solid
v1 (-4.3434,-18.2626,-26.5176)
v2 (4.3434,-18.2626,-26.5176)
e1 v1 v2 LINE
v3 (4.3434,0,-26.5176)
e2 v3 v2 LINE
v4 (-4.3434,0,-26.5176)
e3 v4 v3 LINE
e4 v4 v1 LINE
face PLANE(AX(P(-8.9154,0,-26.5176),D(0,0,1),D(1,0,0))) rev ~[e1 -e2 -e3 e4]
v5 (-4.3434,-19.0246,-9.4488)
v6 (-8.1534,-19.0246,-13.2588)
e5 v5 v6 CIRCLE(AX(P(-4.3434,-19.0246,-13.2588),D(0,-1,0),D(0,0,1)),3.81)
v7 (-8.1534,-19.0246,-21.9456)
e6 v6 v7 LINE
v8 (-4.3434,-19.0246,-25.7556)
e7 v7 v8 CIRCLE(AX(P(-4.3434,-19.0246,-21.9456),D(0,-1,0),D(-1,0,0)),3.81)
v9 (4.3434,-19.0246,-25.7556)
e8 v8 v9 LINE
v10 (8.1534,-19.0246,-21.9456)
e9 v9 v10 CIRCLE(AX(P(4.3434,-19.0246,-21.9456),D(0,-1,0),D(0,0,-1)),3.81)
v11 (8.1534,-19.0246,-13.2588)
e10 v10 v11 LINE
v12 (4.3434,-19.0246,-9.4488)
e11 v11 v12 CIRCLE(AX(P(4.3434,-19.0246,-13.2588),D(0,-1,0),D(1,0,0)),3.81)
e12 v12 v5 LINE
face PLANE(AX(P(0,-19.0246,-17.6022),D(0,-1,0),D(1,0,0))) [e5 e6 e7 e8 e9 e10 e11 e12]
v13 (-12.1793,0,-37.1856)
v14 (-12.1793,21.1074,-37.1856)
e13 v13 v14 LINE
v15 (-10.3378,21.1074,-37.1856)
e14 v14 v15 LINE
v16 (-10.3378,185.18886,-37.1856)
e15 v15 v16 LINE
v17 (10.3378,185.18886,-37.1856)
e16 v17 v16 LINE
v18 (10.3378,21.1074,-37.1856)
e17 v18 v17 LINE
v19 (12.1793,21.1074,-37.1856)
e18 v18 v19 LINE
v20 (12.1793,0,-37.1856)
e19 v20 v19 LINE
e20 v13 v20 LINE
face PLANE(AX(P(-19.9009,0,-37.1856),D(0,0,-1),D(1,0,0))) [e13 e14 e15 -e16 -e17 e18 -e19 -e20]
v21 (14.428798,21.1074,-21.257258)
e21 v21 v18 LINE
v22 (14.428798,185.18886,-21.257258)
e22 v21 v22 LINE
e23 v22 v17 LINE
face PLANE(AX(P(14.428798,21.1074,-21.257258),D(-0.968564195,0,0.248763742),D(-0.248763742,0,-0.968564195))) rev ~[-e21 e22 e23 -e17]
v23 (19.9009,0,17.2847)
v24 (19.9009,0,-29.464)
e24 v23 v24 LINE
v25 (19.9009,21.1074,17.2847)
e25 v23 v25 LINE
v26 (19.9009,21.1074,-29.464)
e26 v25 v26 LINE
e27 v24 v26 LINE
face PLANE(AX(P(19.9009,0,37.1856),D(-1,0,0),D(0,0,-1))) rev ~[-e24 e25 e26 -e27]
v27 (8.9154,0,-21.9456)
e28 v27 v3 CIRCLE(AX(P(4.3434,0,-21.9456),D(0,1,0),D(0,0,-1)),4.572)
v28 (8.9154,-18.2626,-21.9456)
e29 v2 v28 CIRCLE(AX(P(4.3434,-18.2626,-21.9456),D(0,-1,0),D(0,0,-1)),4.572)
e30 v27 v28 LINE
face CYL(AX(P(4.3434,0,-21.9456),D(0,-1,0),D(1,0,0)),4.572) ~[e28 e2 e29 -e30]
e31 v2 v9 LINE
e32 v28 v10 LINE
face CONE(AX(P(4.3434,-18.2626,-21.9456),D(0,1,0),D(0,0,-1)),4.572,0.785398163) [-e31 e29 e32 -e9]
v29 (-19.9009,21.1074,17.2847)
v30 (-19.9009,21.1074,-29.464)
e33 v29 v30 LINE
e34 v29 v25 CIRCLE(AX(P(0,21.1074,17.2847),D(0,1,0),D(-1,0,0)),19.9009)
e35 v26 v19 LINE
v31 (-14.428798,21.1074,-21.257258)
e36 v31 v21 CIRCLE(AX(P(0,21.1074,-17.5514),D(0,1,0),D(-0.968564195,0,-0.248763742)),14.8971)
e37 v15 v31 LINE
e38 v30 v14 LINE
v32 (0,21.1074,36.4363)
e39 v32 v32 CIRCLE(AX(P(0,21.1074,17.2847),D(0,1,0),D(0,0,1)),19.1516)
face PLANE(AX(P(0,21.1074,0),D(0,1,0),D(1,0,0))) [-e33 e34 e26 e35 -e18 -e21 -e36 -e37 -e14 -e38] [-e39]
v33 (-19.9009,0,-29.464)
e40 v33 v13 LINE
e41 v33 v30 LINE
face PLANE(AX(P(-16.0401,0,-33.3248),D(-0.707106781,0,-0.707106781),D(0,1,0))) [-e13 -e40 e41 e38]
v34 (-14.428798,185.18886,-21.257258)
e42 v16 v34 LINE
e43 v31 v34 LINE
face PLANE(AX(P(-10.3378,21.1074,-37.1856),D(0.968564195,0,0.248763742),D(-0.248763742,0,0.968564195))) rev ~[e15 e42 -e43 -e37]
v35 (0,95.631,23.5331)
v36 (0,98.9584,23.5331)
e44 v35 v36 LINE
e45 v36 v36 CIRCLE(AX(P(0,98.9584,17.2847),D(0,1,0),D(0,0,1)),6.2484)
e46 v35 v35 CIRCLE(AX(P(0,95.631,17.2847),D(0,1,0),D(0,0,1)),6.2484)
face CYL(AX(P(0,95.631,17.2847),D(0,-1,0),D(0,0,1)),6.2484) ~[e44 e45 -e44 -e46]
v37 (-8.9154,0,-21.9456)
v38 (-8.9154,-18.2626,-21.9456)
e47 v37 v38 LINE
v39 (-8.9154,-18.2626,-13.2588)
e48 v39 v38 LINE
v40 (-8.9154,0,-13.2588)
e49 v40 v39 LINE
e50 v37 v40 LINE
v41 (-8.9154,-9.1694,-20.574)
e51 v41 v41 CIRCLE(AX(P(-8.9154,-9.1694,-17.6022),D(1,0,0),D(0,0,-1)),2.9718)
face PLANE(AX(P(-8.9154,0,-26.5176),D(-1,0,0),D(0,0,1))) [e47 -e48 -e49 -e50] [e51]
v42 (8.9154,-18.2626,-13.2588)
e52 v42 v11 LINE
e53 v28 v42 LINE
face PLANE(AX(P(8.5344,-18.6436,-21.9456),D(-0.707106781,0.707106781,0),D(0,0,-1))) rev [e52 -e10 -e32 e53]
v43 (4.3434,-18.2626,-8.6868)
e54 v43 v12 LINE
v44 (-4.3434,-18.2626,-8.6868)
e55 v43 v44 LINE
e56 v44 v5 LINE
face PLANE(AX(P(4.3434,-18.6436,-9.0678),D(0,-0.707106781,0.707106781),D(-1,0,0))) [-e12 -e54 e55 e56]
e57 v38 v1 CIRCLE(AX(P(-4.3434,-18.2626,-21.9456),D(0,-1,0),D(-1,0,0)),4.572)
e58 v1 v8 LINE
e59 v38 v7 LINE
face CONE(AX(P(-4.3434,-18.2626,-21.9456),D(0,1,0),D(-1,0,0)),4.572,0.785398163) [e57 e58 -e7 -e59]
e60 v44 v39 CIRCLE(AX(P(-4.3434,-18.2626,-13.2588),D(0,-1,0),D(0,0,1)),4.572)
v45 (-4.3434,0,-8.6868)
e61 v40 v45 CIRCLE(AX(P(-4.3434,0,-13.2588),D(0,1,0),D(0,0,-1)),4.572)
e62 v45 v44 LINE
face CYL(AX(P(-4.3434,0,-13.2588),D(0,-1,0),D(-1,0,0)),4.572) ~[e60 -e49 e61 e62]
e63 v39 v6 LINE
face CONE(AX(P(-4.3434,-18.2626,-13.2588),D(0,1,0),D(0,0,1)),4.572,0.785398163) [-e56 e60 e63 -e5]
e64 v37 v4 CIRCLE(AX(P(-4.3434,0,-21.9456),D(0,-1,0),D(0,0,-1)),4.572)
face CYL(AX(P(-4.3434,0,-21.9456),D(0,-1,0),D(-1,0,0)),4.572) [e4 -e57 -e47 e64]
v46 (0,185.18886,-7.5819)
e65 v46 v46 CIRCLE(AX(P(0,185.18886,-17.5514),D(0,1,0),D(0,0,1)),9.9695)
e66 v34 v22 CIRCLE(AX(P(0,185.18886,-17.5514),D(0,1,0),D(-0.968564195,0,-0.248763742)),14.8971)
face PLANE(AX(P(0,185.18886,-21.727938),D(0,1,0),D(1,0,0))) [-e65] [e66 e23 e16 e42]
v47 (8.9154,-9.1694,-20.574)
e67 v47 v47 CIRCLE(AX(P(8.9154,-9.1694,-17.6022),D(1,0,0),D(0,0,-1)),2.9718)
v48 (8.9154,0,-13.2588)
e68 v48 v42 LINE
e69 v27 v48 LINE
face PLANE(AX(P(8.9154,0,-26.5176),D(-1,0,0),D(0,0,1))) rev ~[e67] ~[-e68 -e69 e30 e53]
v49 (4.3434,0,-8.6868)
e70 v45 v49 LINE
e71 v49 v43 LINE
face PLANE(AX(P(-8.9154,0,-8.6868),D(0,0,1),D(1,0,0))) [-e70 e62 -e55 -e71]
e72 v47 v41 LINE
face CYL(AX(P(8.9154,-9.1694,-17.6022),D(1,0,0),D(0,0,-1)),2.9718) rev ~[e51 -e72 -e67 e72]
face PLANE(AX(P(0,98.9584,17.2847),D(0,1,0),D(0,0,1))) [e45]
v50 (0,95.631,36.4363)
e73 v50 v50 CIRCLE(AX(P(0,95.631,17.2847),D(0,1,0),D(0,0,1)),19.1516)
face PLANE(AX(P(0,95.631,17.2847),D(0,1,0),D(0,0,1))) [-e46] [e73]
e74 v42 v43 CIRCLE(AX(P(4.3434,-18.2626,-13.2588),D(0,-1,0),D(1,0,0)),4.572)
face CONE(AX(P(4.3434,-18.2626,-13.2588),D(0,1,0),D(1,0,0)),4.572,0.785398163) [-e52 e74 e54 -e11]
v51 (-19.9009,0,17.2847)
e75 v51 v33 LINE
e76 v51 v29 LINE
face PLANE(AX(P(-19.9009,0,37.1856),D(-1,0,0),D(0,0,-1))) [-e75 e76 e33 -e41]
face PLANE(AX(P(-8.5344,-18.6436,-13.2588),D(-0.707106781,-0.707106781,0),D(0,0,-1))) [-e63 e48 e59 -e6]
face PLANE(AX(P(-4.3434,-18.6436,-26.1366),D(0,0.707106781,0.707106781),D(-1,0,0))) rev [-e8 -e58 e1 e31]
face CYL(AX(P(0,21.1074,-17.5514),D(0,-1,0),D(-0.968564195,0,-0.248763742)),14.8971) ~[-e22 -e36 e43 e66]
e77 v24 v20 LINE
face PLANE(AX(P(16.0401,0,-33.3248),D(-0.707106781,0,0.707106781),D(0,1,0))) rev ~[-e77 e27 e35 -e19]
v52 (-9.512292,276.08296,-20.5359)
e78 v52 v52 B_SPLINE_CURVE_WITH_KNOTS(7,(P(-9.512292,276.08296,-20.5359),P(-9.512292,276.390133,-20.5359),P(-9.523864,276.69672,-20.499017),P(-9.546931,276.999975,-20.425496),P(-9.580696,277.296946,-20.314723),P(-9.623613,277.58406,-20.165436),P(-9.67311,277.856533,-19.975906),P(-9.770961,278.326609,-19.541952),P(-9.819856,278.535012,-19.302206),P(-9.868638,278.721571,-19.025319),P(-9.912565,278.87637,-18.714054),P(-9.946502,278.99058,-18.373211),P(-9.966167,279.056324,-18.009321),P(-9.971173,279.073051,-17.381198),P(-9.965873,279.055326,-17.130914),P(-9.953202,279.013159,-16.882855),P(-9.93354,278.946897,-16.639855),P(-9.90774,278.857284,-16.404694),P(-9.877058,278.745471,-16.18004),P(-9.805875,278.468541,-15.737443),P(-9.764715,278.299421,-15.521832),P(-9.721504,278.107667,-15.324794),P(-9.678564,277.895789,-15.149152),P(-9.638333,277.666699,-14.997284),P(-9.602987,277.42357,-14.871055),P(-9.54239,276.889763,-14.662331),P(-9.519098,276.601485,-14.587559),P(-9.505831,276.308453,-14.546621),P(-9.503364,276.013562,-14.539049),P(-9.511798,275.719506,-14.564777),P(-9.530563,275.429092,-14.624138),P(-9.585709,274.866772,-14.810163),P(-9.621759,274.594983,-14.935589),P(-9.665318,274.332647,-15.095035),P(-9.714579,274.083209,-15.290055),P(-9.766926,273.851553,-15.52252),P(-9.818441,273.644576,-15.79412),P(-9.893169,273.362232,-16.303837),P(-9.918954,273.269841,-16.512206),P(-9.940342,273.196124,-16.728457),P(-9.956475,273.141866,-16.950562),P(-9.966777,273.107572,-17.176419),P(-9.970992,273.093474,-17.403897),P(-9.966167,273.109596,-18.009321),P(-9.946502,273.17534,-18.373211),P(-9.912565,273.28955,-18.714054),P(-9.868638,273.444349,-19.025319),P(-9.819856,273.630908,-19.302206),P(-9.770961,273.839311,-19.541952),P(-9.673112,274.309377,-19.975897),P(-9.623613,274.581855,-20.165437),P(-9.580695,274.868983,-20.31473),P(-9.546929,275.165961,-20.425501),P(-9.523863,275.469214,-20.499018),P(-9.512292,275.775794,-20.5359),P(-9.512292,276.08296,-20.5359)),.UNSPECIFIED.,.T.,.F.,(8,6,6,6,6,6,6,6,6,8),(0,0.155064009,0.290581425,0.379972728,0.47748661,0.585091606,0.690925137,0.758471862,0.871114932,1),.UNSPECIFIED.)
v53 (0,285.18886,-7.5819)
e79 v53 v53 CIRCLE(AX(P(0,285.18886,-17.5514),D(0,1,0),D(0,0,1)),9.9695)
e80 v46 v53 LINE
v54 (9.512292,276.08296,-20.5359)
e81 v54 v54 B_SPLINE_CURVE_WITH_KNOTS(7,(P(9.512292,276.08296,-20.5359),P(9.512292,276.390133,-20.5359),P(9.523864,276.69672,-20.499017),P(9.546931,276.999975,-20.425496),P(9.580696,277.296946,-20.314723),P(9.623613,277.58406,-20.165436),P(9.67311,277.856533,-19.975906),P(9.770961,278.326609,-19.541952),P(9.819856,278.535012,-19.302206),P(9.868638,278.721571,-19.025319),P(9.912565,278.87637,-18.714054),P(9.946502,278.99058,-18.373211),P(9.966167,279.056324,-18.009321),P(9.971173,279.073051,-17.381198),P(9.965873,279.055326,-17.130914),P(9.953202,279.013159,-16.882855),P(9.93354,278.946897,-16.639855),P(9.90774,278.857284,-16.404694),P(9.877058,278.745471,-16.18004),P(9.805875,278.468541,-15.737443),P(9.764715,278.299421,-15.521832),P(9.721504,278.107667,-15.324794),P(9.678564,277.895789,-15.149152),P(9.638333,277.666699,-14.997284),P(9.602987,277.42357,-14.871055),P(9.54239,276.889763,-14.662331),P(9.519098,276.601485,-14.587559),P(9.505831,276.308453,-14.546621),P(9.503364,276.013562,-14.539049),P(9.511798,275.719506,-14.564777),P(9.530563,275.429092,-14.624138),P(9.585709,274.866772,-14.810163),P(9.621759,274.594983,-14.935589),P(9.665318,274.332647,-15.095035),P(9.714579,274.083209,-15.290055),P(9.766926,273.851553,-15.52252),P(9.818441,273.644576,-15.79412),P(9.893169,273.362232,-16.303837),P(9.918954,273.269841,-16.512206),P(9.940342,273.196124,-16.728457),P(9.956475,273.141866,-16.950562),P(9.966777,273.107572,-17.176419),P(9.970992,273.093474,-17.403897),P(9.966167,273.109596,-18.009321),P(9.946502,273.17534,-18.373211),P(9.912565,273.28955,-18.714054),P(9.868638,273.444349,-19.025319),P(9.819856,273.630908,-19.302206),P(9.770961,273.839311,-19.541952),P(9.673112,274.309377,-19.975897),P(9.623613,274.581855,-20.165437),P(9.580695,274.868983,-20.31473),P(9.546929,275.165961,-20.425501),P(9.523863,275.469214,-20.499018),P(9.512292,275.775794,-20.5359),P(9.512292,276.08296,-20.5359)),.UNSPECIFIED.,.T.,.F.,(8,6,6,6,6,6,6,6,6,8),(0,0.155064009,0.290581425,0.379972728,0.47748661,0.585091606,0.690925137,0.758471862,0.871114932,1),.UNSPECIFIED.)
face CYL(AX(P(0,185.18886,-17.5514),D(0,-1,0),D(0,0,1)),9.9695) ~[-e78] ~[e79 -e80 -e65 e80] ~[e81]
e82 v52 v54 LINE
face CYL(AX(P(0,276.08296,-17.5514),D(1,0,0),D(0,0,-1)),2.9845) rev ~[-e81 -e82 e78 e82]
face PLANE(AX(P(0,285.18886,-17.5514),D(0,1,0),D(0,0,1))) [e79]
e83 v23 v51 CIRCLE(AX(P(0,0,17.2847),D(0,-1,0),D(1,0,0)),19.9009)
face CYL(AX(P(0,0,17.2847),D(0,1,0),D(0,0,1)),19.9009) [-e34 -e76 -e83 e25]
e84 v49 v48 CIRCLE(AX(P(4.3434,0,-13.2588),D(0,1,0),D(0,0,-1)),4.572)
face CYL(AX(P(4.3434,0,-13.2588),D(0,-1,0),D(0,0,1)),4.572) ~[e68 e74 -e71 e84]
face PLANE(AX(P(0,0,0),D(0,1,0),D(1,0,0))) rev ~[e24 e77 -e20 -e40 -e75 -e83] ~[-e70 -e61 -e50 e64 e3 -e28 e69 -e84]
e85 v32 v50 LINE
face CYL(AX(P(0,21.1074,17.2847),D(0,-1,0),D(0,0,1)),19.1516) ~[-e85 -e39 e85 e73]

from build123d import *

# Parameters (mm, degrees)
SKETCH1_W                                    = 39.8018
SKETCH1_H                                    = 74.3712
BOSS_EXTRUDE1_SHOWN_IS_A_4_INCH_ACTUAT_DEPTH = 21.1074
FILLET1_RADIUS                               = 19.9009
FILLET1_LENGTH                               = 21.1074
CHAMFER1_SIZE                                = 7.7216
SKETCH2_R                                    = 19.1516
BOSS_EXTRUDE2_DEPTH                          = 74.5236
SKETCH3_R                                    = 6.2484
BOSS_EXTRUDE3_DEPTH                          = 3.3274
SKETCH4_W                                    = 17.8308
SKETCH4_H                                    = 17.8308
BOSS_EXTRUDE4_DEPTH                          = 19.0246
SKETCH5_R                                    = 2.9718
CUT_EXTRUDE1_DEPTH                           = 110.571496858
FILLET2_R                                    = 4.572
CHAMFER3_SIZE                                = 0.762
BODY_EXTRUDE_DEPTH                           = 164.08146
SKETCH7_R                                    = 9.9695
SHAFT_EXTRUDE_DEPTH                          = 100
SKETCH8_R                                    = 2.9845
CUT_EXTRUDE2_DEPTH                           = 12.7


with BuildPart() as part:
    # Sketch1 → Boss-Extrude1 - Shown is a 4 Inch Actuator (new body)
    with BuildSketch(Plane(origin=(0, 0, 0), x_dir=(1, 0, 0), z_dir=(0, 1, 0))):
        Rectangle(SKETCH1_W, SKETCH1_H)
    extrude(amount=BOSS_EXTRUDE1_SHOWN_IS_A_4_INCH_ACTUAT_DEPTH)

    # Fillet1: full round fillet: the end face becomes a half cylinder, R = half its width
    fillet1_face = Plane((0, 10.5537, 37.1856), x_dir=(0, 1, 0), z_dir=(0, 0, 1))  # on the end face: x along it, z out of the body
    fillet1_slab = fillet1_face.offset(-FILLET1_RADIUS / 2) * Box(FILLET1_LENGTH, 2 * FILLET1_RADIUS, FILLET1_RADIUS, mode=Mode.PRIVATE)  # the body's end, R deep
    fillet1_round = Plane((0, 10.5537, 17.2847), x_dir=(0, 0, 1), z_dir=(0, 1, 0)) * Cylinder(FILLET1_RADIUS, FILLET1_LENGTH, mode=Mode.PRIVATE)  # its axis R under the face
    add(fillet1_slab - fillet1_round, mode=Mode.SUBTRACT)

    # Chamfer1
    chamfer1_edges = [part.edges().sort_by_distance(p)[0] for p in [
        (-19.9009, 10.5537, -37.1856),
        (19.9009, 10.5537, -37.1856),
    ]]
    chamfer(chamfer1_edges, length=CHAMFER1_SIZE)

    # Sketch2 → Boss-Extrude2 (add)
    with BuildSketch(Plane(origin=(0, 21.1074, 0), x_dir=(1, 0, 0), z_dir=(0, 1, 0))):
        with Locations(Location((0, -17.2847, 0), (0, 0, 270))):
            Circle(SKETCH2_R)
    extrude(amount=BOSS_EXTRUDE2_DEPTH)

    # Sketch3 → Boss-Extrude3 (add)
    with BuildSketch(Plane(origin=(0, 95.631, 0), x_dir=(1, 0, 0), z_dir=(0, 1, 0))):
        with Locations(Location((0, -17.2847, 0), (0, 0, 270))):
            Circle(SKETCH3_R)
    extrude(amount=BOSS_EXTRUDE3_DEPTH)

    # Sketch4 → Boss-Extrude4 (add)
    with BuildSketch(Plane.XZ):
        with Locations((0, -17.6022)):
            Rectangle(SKETCH4_W, SKETCH4_H)
    extrude(amount=BOSS_EXTRUDE4_DEPTH)

    # Sketch5 → Cut-Extrude1 (cut, through all)
    with BuildSketch(Plane(origin=(8.9154, 0, 0), x_dir=(0, 0, -1), z_dir=(1, 0, 0))):
        with Locations((17.6022, -9.1694)):
            Circle(SKETCH5_R)
    extrude(amount=-CUT_EXTRUDE1_DEPTH, mode=Mode.SUBTRACT)

    # Fillet2
    fillet2_edges = [part.edges().sort_by_distance(p)[0] for p in [
        (8.9154, -9.5123, -26.5176),
        (8.9154, -9.5123, -8.6868),
        (-8.9154, -9.5123, -8.6868),
        (-8.9154, -9.5123, -26.5176),
    ]]
    fillet(fillet2_edges, radius=FILLET2_R)

    # Chamfer3
    chamfer3_edges = [part.edges().sort_by_distance(p)[0] for p in [
        (0, -19.0246, -26.5176),
        (-8.9154, -19.0246, -17.6022),
        (8.9154, -19.0246, -17.6022),
        (0, -19.0246, -8.6868),
        (7.576292204, -19.0246, -10.025907796),
        (7.576292204, -19.0246, -25.178492204),
        (-7.576292204, -19.0246, -10.025907796),
        (-7.576292204, -19.0246, -25.178492204),
    ]]
    chamfer(chamfer3_edges, length=CHAMFER3_SIZE)

    # Sketch6 → Body Extrude (add)
    with BuildSketch(Plane(origin=(0, 21.1074, 0), x_dir=(1, 0, 0), z_dir=(0, 1, 0))):
        with BuildLine():
            Line((0, 37.1856), (-10.3378, 37.1856))
            Line((-10.3378, 37.1856), (-14.428797676, 21.257258339))
            ThreePointArc((-14.428797676, 21.257258339), (0, 2.6543), (14.428797676, 21.257258339))
            Line((14.428797676, 21.257258339), (10.3378, 37.1856))
            Line((10.3378, 37.1856), (0, 37.1856))
        make_face()
    extrude(amount=BODY_EXTRUDE_DEPTH)

    # Sketch7 → Shaft Extrude (add)
    with BuildSketch(Plane(origin=(0, 185.18886, 0), x_dir=(1, 0, 0), z_dir=(0, 1, 0))):
        with Locations(Location((0, 17.5514, 0), (0, 0, 270))):
            Circle(SKETCH7_R)
    extrude(amount=SHAFT_EXTRUDE_DEPTH)

    # Sketch8 → Cut-Extrude2 (cut, symmetric)
    with BuildSketch(Plane(origin=(0, 0, 0), x_dir=(0, 0, -1), z_dir=(1, 0, 0))):
        with Locations((17.5514, 276.08296)):
            Circle(SKETCH8_R)
    extrude(amount=CUT_EXTRUDE2_DEPTH, both=True, mode=Mode.SUBTRACT)


solid = part.part
